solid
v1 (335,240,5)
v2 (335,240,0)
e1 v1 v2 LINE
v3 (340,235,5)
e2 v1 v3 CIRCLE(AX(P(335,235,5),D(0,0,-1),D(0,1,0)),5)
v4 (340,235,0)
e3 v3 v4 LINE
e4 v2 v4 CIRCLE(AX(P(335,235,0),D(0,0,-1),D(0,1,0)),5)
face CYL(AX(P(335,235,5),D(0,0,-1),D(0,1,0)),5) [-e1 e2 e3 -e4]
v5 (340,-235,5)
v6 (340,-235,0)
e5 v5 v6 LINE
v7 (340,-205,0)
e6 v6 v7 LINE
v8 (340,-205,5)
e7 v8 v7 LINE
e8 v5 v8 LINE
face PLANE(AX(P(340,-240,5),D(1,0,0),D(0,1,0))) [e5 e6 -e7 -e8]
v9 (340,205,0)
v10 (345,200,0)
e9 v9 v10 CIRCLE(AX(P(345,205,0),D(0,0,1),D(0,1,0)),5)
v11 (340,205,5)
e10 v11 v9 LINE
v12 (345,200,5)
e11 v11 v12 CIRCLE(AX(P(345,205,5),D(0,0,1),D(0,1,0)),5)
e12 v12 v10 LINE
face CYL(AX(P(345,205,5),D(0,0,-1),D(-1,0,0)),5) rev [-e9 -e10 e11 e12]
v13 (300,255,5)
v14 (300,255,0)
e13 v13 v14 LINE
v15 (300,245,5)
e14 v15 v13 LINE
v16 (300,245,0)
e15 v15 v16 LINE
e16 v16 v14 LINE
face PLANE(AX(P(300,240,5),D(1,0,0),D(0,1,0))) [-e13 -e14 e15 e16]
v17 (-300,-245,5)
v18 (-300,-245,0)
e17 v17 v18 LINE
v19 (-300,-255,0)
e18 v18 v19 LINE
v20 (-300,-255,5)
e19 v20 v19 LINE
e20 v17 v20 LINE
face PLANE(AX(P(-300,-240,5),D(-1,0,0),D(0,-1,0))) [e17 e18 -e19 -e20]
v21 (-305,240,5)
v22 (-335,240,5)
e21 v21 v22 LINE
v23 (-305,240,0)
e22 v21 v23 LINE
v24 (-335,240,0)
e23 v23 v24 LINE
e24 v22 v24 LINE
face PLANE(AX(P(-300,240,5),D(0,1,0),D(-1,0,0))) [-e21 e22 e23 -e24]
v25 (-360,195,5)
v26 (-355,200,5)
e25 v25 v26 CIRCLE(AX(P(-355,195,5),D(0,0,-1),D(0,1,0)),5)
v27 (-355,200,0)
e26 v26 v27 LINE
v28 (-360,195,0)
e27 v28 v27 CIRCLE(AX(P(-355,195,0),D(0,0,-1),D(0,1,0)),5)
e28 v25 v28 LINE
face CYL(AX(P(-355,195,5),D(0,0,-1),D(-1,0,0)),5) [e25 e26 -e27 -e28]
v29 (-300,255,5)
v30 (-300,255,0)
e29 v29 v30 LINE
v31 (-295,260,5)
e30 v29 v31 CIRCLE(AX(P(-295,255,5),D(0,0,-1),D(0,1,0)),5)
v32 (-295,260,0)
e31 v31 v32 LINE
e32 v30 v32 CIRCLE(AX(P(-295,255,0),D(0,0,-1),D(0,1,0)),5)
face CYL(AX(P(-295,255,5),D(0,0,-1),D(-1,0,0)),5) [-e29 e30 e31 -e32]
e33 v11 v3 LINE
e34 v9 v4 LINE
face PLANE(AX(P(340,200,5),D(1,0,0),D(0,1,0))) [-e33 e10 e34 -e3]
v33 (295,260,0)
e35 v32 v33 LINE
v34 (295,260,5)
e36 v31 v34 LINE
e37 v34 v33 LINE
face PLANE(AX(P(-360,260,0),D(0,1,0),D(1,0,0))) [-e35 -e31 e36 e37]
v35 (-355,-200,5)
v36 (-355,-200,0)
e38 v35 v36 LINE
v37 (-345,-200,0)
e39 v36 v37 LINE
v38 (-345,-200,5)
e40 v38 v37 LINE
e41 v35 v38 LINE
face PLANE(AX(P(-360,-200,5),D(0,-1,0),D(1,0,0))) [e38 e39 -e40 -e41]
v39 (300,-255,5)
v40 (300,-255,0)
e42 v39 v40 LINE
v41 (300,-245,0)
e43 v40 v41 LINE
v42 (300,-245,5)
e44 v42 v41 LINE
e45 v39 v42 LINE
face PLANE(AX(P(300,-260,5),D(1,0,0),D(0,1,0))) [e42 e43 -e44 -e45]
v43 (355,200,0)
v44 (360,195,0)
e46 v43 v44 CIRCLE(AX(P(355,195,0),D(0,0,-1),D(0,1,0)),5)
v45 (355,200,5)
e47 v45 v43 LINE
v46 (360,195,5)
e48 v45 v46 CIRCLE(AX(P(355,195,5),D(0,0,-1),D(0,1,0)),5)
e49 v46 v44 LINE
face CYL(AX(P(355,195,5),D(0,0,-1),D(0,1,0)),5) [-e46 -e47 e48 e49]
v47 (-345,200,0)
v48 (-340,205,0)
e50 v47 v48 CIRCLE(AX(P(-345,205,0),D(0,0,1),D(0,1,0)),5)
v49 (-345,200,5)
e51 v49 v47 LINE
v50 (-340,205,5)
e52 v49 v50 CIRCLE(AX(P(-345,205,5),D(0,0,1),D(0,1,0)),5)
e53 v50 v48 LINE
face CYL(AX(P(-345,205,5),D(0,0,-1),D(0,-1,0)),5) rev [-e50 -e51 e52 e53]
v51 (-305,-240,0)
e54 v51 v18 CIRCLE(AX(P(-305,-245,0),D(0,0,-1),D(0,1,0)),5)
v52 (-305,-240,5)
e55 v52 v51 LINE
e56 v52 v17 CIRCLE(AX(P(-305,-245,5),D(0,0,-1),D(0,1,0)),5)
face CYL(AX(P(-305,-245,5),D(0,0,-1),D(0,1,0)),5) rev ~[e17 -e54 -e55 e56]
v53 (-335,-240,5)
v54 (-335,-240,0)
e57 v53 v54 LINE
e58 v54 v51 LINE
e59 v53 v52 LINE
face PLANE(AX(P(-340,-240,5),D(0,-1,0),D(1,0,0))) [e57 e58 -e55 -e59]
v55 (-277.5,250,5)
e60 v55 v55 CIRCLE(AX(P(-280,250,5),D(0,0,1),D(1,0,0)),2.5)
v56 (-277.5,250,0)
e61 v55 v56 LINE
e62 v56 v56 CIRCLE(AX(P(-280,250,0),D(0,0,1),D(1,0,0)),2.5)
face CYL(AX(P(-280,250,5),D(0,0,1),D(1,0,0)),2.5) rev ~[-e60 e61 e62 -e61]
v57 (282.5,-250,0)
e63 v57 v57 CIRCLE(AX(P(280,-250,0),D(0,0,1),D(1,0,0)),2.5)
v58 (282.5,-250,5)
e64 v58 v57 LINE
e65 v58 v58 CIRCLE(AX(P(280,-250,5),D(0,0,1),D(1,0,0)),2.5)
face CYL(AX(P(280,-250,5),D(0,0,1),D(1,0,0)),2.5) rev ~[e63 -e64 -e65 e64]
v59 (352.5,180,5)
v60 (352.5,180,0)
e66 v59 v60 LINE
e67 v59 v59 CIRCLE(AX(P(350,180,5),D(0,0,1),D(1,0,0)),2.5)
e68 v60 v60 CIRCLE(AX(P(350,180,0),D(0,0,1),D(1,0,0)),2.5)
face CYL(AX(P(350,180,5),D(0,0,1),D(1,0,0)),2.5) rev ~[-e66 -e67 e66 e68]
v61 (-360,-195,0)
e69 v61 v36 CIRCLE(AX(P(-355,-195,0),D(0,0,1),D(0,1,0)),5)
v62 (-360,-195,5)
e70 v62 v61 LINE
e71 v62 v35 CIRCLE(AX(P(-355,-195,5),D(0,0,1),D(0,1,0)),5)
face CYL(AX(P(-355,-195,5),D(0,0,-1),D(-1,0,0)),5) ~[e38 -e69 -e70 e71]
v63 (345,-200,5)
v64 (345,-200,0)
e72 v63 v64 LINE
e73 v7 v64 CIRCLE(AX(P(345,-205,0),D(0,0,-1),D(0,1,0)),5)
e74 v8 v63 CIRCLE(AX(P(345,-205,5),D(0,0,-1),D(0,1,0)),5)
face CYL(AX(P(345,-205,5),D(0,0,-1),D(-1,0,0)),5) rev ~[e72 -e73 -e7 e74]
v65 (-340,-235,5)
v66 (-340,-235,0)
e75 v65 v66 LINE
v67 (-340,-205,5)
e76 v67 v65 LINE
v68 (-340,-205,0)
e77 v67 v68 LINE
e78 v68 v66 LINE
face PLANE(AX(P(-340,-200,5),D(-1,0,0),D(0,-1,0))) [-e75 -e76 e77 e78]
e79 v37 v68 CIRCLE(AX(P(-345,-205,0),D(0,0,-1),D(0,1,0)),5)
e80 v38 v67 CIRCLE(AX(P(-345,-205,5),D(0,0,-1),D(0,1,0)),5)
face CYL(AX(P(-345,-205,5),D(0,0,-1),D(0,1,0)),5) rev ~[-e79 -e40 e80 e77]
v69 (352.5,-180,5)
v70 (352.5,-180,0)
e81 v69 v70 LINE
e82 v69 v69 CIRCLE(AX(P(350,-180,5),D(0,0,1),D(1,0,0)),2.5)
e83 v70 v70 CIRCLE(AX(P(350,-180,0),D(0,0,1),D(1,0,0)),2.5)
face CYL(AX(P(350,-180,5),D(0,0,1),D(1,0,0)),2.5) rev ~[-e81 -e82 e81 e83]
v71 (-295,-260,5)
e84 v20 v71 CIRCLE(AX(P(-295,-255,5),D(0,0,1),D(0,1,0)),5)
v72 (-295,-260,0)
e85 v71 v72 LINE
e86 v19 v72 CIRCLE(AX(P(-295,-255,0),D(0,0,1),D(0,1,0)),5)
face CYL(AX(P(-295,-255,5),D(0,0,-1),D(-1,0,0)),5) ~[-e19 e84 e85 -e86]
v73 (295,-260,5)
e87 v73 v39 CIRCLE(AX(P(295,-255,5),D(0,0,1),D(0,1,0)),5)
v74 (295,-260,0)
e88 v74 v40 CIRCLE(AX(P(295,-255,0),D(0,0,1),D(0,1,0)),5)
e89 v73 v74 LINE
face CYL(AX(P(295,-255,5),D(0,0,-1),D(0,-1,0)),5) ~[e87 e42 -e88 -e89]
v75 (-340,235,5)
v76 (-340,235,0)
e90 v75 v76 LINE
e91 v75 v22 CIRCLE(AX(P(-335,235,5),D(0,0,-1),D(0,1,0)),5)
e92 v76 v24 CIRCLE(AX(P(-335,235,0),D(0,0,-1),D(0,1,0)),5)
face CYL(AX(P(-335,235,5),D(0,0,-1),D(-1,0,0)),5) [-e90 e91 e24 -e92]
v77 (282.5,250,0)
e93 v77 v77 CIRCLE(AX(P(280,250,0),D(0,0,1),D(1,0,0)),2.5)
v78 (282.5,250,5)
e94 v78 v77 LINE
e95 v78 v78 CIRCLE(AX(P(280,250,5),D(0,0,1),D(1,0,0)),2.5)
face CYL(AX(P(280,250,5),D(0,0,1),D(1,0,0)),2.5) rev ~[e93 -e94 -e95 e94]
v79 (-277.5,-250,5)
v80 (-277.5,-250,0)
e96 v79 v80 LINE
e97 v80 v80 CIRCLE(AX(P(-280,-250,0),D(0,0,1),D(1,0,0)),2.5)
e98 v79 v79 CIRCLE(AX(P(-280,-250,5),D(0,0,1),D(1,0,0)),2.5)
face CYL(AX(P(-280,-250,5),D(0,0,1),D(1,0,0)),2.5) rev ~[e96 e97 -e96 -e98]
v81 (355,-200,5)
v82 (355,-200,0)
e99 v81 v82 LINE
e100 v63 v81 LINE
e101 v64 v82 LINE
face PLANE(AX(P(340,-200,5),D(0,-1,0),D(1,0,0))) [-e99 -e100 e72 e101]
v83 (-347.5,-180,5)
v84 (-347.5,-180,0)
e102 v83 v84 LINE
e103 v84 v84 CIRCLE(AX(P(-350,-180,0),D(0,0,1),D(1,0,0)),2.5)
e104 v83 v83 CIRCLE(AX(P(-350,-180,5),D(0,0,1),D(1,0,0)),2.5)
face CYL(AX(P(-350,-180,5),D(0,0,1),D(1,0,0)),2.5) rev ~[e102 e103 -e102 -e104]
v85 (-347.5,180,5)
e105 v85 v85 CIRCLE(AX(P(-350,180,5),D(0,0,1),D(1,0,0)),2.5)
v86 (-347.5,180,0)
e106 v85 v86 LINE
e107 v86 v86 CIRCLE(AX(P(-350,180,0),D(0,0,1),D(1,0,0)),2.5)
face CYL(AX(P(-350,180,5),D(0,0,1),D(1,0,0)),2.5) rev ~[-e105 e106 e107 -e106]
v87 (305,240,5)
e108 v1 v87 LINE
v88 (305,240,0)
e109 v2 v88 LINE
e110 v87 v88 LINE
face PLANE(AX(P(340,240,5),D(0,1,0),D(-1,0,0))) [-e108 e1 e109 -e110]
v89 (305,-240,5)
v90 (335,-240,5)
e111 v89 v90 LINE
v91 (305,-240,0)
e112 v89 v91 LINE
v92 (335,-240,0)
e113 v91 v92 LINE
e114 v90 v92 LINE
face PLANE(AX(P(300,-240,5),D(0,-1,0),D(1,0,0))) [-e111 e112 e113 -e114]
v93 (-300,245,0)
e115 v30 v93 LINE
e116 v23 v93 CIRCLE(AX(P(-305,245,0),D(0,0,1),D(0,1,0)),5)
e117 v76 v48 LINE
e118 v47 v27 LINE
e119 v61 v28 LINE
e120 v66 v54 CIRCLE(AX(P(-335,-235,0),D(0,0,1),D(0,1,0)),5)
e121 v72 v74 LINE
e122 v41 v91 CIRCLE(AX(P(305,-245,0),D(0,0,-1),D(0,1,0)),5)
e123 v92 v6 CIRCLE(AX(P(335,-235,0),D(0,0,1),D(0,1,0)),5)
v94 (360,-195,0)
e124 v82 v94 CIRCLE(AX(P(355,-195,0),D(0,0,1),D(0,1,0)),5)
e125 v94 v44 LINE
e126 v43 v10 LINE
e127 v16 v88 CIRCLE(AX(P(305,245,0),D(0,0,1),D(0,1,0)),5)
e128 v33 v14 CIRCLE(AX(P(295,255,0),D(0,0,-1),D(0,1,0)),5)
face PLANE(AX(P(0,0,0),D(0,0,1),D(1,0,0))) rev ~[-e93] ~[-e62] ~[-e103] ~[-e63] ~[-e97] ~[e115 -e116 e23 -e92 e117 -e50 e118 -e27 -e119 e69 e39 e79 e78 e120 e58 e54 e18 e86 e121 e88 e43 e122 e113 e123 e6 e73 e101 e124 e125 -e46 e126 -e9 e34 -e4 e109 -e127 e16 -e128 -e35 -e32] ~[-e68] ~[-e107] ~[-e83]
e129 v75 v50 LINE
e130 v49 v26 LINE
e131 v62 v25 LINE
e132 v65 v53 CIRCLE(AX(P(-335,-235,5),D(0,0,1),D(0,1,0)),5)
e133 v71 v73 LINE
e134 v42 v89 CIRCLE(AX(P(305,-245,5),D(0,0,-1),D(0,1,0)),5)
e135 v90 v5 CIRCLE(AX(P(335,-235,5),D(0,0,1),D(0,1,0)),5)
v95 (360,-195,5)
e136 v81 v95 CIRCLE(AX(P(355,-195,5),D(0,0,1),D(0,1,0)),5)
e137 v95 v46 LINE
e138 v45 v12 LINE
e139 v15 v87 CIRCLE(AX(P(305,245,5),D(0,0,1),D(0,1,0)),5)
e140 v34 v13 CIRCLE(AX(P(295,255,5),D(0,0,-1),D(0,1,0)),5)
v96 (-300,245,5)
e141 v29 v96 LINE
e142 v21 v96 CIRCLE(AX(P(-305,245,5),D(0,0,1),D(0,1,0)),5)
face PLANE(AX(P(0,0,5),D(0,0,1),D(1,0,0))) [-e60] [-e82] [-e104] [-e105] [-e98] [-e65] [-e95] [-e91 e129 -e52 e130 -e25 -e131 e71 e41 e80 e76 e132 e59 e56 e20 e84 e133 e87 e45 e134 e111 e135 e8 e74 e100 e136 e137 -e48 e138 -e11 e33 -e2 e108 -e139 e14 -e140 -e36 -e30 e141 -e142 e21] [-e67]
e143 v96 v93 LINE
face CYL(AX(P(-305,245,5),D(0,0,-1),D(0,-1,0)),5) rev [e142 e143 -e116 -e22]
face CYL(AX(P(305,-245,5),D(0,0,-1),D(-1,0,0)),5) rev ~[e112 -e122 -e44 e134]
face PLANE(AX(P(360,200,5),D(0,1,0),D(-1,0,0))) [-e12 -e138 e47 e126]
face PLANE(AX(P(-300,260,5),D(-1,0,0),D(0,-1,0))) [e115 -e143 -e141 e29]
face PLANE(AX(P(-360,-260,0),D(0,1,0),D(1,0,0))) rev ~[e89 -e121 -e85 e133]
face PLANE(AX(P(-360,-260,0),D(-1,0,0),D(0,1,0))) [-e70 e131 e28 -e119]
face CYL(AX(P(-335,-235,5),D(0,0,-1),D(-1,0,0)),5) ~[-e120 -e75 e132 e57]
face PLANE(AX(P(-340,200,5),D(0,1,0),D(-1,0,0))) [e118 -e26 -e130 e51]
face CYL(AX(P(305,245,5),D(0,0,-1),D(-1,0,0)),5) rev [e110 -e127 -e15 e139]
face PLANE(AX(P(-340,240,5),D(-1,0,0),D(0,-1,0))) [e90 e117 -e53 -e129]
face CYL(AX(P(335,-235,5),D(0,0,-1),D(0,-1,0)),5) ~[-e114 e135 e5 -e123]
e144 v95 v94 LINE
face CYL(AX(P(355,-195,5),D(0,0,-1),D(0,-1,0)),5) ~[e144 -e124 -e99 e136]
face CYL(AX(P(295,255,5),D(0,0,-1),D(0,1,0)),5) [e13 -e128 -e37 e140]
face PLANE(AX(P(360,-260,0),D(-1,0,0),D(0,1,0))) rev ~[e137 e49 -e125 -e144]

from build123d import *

# Parameters (mm, degrees)
SKETCH_1_W          = 720
SKETCH_1_H          = 520
EXTRUDE_1_DEPTH     = 5
CUT_EXTRUDE_1_DEPTH = 445.100213916
SKETCH_3_R          = 2.5
CUT_EXTRUDE_2_DEPTH = 445.100213916
FILLET_1_R          = 5


with BuildPart() as part:
    # 草图1 → 凸台-拉伸1 (new body)
    with BuildSketch(Plane.XY):
        Rectangle(SKETCH_1_W, SKETCH_1_H)
    extrude(amount=EXTRUDE_1_DEPTH)

    # 草图2 → 切除-拉伸1 (cut, through all)
    with BuildSketch(Plane.XY.offset(5)):
        Polygon((340, -240), (340, -200), (360, -200), (360, -260), (300, -260), (300, -240), align=None)
        Polygon((340, 240), (300, 240), (300, 260), (360, 260), (360, 200), (340, 200), align=None)
        Polygon((-340, 240), (-340, 200), (-360, 200), (-360, 260), (-300, 260), (-300, 240), align=None)
        Polygon((-340, -240), (-300, -240), (-300, -260), (-360, -260), (-360, -200), (-340, -200), align=None)
    extrude(amount=-CUT_EXTRUDE_1_DEPTH, mode=Mode.SUBTRACT)

    # 草图3 → 切除-拉伸2 (cut, through all)
    with BuildSketch(Plane.XY.offset(5)):
        with Locations((350, 180)):
            Circle(SKETCH_3_R)
        with Locations((280, 250)):
            Circle(SKETCH_3_R)
        with Locations((-280, 250)):
            Circle(SKETCH_3_R)
        with Locations((-350, 180)):
            Circle(SKETCH_3_R)
        with Locations((-350, -180)):
            Circle(SKETCH_3_R)
        with Locations((-280, -250)):
            Circle(SKETCH_3_R)
        with Locations((350, -180)):
            Circle(SKETCH_3_R)
        with Locations((280, -250)):
            Circle(SKETCH_3_R)
    extrude(amount=-CUT_EXTRUDE_2_DEPTH, mode=Mode.SUBTRACT)

    # 圆角1
    fillet_1_edges = [part.edges().sort_by_distance(p)[0] for p in [
        (-360, -200, 2.5),
        (-340, -200, 2.5),
        (-340, -240, 2.5),
        (-300, -240, 2.5),
        (-300, -260, 2.5),
        (-300, 260, 2.5),
        (-300, 240, 2.5),
        (-340, 240, 2.5),
        (-340, 200, 2.5),
        (-360, 200, 2.5),
        (360, 200, 2.5),
        (340, 200, 2.5),
        (340, 240, 2.5),
        (300, 240, 2.5),
        (300, 260, 2.5),
        (300, -260, 2.5),
        (300, -240, 2.5),
        (340, -240, 2.5),
        (340, -200, 2.5),
        (360, -200, 2.5),
    ]]
    fillet(fillet_1_edges, radius=FILLET_1_R)


solid = part.part
